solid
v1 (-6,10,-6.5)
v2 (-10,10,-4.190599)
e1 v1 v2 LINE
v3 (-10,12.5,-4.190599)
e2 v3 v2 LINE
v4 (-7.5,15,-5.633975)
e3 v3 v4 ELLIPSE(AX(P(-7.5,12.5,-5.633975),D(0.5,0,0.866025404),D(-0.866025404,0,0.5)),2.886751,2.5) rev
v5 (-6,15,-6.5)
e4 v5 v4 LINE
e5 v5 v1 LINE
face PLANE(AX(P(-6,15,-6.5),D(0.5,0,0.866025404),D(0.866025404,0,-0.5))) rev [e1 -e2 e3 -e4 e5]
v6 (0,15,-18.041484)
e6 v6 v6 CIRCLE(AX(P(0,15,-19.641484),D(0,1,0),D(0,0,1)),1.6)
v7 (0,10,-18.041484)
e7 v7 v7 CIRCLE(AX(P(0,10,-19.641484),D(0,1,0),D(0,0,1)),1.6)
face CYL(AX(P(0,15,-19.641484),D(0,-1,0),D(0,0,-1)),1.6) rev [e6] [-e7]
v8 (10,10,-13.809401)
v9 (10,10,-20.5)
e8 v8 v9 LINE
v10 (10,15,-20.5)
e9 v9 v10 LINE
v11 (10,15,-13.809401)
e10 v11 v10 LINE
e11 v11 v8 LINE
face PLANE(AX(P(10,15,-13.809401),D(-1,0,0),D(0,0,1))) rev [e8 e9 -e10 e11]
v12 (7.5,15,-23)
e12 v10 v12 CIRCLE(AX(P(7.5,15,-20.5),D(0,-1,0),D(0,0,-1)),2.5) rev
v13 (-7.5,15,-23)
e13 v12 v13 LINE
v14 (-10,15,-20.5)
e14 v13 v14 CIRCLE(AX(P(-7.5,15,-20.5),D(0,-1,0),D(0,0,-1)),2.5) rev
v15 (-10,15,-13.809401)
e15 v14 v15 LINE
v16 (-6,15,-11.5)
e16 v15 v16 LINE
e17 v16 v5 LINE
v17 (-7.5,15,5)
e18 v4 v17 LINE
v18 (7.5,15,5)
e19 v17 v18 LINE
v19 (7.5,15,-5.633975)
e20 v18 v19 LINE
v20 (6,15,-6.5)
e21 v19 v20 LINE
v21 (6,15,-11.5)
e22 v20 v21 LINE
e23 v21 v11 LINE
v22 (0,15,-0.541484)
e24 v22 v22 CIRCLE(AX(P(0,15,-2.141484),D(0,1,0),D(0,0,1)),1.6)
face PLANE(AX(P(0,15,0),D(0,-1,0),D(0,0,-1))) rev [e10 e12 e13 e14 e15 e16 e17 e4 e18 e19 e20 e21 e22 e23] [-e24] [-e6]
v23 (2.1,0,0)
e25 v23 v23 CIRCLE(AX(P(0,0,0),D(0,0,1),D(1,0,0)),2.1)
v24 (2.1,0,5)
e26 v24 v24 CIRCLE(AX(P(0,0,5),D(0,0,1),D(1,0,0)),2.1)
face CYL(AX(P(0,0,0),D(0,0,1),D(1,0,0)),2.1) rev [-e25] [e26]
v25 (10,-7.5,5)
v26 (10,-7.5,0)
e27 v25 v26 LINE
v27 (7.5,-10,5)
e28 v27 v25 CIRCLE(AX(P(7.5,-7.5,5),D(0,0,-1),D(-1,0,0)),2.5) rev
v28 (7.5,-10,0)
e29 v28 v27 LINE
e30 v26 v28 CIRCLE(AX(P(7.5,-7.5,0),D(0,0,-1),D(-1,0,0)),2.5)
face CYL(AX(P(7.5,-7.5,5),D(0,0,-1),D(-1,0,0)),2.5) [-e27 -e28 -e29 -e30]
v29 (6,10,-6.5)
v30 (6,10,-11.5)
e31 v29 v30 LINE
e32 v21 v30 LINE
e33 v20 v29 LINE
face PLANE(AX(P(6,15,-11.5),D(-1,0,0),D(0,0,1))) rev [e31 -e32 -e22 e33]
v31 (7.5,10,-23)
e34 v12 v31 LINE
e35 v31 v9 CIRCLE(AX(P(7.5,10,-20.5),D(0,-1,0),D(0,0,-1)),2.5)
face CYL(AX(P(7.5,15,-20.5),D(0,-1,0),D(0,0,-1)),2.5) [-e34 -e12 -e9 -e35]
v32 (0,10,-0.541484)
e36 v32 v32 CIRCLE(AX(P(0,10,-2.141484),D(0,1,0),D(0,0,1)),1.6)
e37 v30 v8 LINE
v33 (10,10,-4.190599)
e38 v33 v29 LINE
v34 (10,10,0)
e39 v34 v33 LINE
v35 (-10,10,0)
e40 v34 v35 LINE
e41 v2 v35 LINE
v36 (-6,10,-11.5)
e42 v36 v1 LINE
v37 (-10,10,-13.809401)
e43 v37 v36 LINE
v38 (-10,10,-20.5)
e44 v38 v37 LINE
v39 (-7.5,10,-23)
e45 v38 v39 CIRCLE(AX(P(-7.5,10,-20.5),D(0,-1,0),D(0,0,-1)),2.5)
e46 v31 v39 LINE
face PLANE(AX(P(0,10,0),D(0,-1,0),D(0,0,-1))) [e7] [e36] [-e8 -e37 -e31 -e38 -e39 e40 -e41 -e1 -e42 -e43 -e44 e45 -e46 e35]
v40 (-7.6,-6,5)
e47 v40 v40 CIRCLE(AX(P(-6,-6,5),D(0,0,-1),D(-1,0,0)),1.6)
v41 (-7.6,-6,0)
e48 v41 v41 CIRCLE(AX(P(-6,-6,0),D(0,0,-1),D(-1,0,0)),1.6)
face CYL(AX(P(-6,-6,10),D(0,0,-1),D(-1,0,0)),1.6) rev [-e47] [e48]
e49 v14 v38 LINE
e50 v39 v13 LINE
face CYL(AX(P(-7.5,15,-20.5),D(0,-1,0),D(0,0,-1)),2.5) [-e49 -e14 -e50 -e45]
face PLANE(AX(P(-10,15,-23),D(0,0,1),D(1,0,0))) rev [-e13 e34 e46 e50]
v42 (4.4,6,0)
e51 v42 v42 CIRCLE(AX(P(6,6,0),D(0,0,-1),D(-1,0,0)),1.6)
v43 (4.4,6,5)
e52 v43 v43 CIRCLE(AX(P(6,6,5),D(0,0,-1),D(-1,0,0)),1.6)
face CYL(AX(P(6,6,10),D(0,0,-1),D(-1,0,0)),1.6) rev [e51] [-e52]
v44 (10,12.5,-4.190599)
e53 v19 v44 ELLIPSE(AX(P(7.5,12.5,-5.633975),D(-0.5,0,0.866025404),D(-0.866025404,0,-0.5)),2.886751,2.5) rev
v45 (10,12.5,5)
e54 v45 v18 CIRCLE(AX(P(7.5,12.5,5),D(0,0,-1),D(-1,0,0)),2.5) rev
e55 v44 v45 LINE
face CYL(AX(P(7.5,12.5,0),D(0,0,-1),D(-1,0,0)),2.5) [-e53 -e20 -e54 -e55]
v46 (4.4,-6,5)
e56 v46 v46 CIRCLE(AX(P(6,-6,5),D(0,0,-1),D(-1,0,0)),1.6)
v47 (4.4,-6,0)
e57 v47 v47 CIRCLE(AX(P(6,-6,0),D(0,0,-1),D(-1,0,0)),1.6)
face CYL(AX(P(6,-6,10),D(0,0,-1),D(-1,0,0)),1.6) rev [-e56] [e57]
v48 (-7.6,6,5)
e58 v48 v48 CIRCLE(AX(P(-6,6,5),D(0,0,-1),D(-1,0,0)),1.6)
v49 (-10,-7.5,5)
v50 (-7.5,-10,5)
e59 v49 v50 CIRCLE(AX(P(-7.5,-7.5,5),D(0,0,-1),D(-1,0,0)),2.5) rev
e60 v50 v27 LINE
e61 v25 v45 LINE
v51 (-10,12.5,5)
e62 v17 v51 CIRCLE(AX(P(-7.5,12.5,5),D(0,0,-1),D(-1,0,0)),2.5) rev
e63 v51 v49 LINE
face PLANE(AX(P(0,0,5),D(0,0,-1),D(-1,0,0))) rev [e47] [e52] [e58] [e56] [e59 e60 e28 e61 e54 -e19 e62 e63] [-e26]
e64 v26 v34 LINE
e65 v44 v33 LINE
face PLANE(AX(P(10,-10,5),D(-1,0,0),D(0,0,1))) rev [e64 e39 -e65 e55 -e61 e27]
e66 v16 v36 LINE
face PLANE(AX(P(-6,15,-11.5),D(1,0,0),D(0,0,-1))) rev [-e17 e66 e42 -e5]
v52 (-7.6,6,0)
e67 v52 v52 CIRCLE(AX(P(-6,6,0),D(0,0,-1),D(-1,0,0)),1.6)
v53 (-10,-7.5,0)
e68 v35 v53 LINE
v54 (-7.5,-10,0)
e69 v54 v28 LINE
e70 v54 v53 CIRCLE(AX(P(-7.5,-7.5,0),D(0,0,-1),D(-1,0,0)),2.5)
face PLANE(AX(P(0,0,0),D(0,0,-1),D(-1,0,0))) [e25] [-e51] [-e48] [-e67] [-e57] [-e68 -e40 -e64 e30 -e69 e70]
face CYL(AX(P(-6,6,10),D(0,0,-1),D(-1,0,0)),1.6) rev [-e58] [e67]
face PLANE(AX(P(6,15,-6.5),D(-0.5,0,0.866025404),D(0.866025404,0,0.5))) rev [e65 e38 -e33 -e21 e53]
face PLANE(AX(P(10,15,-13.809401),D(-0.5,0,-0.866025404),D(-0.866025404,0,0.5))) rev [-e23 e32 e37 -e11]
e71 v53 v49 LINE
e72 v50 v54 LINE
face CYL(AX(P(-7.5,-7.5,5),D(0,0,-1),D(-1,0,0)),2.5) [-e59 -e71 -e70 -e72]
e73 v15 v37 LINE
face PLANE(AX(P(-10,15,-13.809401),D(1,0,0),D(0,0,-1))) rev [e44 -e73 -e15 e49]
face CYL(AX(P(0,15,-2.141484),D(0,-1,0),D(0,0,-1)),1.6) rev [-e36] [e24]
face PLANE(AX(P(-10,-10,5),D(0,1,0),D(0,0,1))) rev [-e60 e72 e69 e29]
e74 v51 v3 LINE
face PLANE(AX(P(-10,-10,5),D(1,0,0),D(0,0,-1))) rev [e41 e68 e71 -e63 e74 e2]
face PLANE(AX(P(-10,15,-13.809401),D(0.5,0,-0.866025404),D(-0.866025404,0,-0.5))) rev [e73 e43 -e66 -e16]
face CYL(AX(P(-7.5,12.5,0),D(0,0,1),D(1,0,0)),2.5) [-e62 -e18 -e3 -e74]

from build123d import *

# Parameters (mm, degrees)
SKETCH2_W           = 20
SKETCH2_H           = 20
BOSS_EXTRUDE1_DEPTH = 5
SKETCH3_R           = 2.1
CUT_EXTRUDE1_DEPTH  = 5
FILLET2_R           = 2.5
SKETCH5_R           = 1.6
BOSS_EXTRUDE2_DEPTH = 5
FILLET4_R           = 2.5
SKETCH6_R           = 1.6
CUT_EXTRUDE2_DEPTH  = 10


with BuildPart() as part:
    # Sketch2 → Boss-Extrude1 (new body)
    with BuildSketch(Plane.XY):
        Rectangle(SKETCH2_W, SKETCH2_H)
    extrude(amount=BOSS_EXTRUDE1_DEPTH)

    # Sketch3 → Cut-Extrude1 (cut)
    with BuildSketch(Plane.XY.offset(5)):
        Circle(SKETCH3_R)
    extrude(amount=-CUT_EXTRUDE1_DEPTH, mode=Mode.SUBTRACT)

    # Fillet2
    fillet2_edges = [part.edges().sort_by_distance(p)[0] for p in [
        (10, -10, 2.5),
        (-10, -10, 2.5),
    ]]
    fillet(fillet2_edges, radius=FILLET2_R)

    # Sketch5 → Boss-Extrude2 (add)
    with BuildSketch(Plane(origin=(0, 10, 0), x_dir=(1, 0, 0), z_dir=(0, 1, 0))):
        Polygon((-10, -5), (10, -5), (10, 4.190598923), (6, 6.5), (6, 11.5), (10, 13.809401077), (10, 23), (-10, 23), (-10, 13.809401077), (-6, 11.5), (-6, 6.5), (-10, 4.190598923), align=None)
        with Locations(Location((0, 2.141483503, 0), (0, 0, 270))):
            Circle(SKETCH5_R, mode=Mode.SUBTRACT)
        with Locations(Location((0, 19.641483503, 0), (0, 0, 270))):
            Circle(SKETCH5_R, mode=Mode.SUBTRACT)
    extrude(amount=BOSS_EXTRUDE2_DEPTH)

    # Fillet4
    fillet4_edges = [part.edges().sort_by_distance(p)[0] for p in [
        (-10, 15, 0.404700538),
        (10, 15, 0.404700538),
        (10, 12.5, -23),
        (-10, 12.5, -23),
    ]]
    fillet(fillet4_edges, radius=FILLET4_R)

    # Sketch6 → Cut-Extrude2 (cut)
    with BuildSketch(Plane(origin=(0, 0, 0), x_dir=(-1, 0, 0), z_dir=(0, 0, -1))):
        with Locations((-6, 6)):
            Circle(SKETCH6_R)
        with Locations((6, 6)):
            Circle(SKETCH6_R)
        with Locations((6, -6)):
            Circle(SKETCH6_R)
        with Locations((-6, -6)):
            Circle(SKETCH6_R)
    extrude(amount=-CUT_EXTRUDE2_DEPTH, mode=Mode.SUBTRACT)


solid = part.part
